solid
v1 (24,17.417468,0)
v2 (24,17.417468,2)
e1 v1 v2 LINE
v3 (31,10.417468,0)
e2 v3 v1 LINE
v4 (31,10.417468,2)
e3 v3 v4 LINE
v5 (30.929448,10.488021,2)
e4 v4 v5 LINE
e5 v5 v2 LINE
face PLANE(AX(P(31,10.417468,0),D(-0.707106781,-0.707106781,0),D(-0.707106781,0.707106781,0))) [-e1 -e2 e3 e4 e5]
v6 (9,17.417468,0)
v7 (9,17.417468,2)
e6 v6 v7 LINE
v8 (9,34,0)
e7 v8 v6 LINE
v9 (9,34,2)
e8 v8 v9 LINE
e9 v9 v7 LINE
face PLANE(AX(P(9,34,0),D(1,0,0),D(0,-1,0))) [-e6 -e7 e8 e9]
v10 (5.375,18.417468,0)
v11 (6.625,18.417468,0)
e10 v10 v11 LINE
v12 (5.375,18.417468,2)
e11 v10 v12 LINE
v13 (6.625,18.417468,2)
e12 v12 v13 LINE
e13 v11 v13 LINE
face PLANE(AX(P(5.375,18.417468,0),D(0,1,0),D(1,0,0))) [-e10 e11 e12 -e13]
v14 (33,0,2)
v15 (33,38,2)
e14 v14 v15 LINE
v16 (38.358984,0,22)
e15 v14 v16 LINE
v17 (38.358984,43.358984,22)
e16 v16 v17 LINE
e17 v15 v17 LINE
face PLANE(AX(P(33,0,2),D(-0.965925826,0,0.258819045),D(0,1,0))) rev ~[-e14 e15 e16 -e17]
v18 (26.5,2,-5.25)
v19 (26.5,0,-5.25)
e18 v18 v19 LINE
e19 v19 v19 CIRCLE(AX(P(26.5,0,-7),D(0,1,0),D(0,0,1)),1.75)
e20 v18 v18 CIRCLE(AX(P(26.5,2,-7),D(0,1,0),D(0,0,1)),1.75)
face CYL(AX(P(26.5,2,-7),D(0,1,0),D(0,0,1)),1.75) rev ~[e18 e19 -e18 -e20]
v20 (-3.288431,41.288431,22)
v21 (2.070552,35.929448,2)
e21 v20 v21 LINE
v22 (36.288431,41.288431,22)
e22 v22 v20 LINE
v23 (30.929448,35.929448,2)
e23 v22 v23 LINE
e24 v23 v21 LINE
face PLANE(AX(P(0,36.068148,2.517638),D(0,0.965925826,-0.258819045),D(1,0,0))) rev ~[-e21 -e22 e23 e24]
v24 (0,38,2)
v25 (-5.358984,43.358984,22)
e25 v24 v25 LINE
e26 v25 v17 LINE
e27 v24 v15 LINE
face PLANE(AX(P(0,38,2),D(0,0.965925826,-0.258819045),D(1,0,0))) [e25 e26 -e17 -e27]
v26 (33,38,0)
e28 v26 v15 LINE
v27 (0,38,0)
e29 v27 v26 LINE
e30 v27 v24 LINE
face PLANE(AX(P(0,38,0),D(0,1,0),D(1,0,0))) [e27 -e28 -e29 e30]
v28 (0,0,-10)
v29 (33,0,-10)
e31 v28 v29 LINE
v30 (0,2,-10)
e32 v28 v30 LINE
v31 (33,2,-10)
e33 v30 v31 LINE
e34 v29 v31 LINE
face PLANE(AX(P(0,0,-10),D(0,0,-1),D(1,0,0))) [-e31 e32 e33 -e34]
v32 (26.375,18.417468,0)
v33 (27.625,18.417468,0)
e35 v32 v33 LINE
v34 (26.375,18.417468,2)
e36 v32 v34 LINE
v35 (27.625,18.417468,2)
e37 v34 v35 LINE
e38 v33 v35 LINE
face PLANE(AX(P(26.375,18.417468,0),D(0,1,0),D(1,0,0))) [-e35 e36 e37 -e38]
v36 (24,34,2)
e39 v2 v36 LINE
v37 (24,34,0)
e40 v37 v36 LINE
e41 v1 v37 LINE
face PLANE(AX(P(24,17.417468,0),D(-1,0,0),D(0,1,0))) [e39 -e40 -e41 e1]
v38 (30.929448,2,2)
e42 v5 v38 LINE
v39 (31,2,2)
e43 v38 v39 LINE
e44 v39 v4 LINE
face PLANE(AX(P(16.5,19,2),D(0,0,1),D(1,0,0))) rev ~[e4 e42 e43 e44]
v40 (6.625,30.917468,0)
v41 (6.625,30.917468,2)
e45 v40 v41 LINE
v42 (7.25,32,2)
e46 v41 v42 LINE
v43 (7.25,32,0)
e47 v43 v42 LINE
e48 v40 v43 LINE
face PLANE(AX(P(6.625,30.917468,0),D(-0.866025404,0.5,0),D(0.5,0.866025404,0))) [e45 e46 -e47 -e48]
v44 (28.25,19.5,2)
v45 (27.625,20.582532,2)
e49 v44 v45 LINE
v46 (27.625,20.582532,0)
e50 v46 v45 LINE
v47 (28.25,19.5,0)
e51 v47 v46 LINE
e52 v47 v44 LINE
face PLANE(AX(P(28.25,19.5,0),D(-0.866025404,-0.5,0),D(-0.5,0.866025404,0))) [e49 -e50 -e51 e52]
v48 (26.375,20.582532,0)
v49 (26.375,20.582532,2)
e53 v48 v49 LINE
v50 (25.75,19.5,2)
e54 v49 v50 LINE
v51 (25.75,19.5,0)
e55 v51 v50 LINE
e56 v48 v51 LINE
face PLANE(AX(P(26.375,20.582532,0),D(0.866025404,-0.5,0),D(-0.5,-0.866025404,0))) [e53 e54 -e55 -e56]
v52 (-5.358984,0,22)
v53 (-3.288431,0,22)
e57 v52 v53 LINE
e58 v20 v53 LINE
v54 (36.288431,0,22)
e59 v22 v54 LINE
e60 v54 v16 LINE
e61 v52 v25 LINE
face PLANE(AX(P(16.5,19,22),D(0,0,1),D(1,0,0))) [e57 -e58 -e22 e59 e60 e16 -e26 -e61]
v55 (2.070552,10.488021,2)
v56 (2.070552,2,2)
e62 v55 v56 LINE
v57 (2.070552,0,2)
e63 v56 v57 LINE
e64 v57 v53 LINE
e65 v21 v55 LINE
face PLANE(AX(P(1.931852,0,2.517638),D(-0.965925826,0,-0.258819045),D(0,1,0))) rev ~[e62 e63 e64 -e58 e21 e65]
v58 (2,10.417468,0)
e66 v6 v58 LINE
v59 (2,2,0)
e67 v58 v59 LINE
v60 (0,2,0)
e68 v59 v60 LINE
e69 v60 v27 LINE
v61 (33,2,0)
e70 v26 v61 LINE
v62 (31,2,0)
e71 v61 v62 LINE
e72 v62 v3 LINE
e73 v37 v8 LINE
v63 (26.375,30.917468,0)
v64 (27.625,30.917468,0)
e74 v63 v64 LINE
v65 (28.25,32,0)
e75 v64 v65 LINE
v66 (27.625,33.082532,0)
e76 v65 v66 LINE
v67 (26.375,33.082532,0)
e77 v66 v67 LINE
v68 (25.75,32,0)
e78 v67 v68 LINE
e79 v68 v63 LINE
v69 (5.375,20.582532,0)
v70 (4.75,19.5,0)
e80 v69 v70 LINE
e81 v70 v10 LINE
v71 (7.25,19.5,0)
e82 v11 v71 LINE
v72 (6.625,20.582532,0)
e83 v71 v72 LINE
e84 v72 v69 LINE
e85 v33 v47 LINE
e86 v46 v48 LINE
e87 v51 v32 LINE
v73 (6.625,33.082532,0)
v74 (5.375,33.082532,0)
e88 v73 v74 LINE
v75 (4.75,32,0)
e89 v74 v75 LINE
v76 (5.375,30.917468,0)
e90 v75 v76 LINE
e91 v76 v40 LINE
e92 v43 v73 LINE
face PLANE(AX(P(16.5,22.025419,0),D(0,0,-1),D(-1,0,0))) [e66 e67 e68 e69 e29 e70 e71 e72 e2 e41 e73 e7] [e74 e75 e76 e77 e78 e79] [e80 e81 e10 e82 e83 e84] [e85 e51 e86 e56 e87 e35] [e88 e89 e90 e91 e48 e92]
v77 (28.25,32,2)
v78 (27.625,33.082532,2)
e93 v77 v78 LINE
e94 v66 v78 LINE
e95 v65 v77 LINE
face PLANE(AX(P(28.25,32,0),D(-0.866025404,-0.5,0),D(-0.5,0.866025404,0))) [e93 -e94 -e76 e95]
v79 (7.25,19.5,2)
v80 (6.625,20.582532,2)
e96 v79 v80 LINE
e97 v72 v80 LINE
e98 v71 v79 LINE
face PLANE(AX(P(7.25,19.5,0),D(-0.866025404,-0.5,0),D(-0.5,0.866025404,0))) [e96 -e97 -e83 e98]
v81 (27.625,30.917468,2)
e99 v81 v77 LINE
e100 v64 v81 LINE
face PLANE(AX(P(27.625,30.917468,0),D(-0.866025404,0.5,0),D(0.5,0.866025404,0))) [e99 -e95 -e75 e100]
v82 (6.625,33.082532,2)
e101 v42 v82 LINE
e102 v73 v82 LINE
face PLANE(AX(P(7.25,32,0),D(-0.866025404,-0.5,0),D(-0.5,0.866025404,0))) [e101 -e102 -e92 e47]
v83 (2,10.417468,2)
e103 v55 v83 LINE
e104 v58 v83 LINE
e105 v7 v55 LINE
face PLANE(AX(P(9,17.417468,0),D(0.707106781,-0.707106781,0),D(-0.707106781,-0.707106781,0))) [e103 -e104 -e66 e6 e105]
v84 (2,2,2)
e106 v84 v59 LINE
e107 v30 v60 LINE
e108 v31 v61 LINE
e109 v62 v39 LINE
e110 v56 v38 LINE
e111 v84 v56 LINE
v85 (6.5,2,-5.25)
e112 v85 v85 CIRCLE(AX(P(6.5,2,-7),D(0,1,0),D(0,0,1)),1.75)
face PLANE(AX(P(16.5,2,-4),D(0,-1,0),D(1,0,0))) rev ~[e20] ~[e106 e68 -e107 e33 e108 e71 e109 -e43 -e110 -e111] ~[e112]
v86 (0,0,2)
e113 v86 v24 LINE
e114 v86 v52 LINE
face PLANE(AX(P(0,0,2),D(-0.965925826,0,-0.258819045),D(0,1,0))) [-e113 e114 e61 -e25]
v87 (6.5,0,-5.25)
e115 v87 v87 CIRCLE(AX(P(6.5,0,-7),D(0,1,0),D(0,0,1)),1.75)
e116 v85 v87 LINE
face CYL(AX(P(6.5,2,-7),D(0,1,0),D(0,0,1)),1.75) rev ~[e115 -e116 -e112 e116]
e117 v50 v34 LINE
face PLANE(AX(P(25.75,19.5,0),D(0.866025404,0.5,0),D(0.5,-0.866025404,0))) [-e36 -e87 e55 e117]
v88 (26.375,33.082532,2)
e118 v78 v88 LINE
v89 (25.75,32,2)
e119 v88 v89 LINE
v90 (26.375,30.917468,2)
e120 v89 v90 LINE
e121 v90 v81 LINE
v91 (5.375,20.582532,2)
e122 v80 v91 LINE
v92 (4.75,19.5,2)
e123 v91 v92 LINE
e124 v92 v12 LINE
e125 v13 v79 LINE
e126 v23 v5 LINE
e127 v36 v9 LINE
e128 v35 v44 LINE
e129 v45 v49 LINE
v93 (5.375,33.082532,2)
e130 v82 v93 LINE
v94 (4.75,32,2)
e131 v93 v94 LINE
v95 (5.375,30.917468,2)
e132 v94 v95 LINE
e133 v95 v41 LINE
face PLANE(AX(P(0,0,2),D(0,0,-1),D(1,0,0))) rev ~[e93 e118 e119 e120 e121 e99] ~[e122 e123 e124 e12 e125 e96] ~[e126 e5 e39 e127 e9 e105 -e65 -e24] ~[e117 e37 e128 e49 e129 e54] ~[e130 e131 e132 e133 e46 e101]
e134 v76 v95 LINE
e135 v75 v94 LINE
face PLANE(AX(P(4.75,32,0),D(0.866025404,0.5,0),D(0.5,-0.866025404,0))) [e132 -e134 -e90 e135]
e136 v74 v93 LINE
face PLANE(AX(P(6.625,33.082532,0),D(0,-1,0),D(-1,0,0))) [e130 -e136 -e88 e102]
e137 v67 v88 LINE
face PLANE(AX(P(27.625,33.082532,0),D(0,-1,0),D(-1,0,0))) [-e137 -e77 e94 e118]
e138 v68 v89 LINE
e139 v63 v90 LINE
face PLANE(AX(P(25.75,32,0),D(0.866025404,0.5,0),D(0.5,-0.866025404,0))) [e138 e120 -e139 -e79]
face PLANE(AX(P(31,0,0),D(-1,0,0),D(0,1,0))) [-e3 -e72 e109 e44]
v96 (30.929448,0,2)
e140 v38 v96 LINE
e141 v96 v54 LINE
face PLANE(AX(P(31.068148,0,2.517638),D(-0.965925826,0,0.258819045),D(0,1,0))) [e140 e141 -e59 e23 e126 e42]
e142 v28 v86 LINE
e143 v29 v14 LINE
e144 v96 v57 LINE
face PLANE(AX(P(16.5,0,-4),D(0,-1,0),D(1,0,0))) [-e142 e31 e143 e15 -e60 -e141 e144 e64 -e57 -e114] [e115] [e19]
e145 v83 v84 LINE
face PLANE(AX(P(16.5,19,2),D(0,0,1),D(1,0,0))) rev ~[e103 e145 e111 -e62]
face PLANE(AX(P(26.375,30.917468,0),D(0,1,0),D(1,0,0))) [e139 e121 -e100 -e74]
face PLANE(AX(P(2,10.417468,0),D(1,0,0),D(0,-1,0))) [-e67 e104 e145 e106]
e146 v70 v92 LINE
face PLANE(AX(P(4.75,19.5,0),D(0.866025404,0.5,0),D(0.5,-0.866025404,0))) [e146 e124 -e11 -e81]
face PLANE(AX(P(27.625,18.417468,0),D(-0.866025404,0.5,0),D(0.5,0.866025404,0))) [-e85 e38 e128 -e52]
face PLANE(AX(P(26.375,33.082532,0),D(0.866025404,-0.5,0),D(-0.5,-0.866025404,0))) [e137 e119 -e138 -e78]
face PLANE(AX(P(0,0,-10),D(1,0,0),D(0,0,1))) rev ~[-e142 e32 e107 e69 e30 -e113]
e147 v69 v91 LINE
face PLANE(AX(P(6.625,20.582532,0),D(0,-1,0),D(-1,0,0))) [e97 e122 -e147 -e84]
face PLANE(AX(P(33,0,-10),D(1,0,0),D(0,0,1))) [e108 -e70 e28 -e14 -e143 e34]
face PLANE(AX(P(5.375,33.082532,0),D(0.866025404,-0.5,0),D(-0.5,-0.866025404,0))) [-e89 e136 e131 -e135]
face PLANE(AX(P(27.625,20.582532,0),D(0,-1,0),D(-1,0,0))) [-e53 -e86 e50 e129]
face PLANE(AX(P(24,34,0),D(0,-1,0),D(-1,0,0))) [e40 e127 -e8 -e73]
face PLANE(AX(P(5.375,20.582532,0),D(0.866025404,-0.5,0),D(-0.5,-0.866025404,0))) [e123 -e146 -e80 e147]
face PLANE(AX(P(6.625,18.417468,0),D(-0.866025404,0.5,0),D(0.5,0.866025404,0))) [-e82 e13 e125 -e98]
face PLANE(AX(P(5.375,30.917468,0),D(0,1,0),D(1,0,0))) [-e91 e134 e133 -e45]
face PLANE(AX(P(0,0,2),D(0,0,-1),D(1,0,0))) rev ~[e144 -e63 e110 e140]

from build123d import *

# Parameters (mm, degrees)
BOSS_EXTRUDE1_DEPTH = 2
SKETCH2_W           = 33
SKETCH2_H           = 38
BOSS_EXTRUDE2_DEPTH = 20
BOSS_EXTRUDE2_DRAFT = -15
SHELL1_T            = -2
SKETCH3_W           = 33
SKETCH3_H           = 12
BOSS_EXTRUDE3_DEPTH = 2
SKETCH4_R           = 1.75
CUT_EXTRUDE1_DEPTH  = 61.547313622
SKETCH5_W           = 43.717967698
SKETCH5_H           = 20
CUT_EXTRUDE2_DEPTH  = 62.93071227


with BuildPart() as part:
    # Sketch1 → Boss-Extrude1 (new body)
    with BuildSketch(Plane.XY):
        Polygon((0, 0), (0, 38), (33, 38), (33, 0), (31, 0), (31, 10.417468245), (24, 17.417468245), (24, 34), (9, 34), (9, 17.417468245), (2, 10.417468245), (2, 0), align=None)
        Polygon((7.25, 32), (6.625, 33.082531755), (5.375, 33.082531755), (4.75, 32), (5.375, 30.917468245), (6.625, 30.917468245), align=None, mode=Mode.SUBTRACT)
        Polygon((7.25, 19.5), (6.625, 20.582531755), (5.375, 20.582531755), (4.75, 19.5), (5.375, 18.417468245), (6.625, 18.417468245), align=None, mode=Mode.SUBTRACT)
        Polygon((25.75, 19.5), (26.375, 18.417468245), (27.625, 18.417468245), (28.25, 19.5), (27.625, 20.582531755), (26.375, 20.582531755), align=None, mode=Mode.SUBTRACT)
        Polygon((28.25, 32), (27.625, 33.082531755), (26.375, 33.082531755), (25.75, 32), (26.375, 30.917468245), (27.625, 30.917468245), align=None, mode=Mode.SUBTRACT)
    extrude(amount=BOSS_EXTRUDE1_DEPTH)

    # Sketch3 → Boss-Extrude3 (add)
    with BuildSketch(Plane.XZ):
        with Locations((16.5, -4)):
            Rectangle(SKETCH3_W, SKETCH3_H)
    extrude(amount=-BOSS_EXTRUDE3_DEPTH)

    # Sketch4 → Cut-Extrude1 (cut, through all)
    with BuildSketch(Plane(origin=(0, 2, 0), x_dir=(1, 0, 0), z_dir=(0, 1, 0))):
        with Locations((26.5, 7)):
            Circle(SKETCH4_R)
        with Locations((6.5, 7)):
            Circle(SKETCH4_R)
    extrude(amount=-CUT_EXTRUDE1_DEPTH, mode=Mode.SUBTRACT)


with BuildPart() as body_2:
    # Sketch2 → Boss-Extrude2 (with draft: the straight prism first)
    with BuildSketch(Plane.XY.offset(2)):
        with Locations((16.5, 19)):
            Rectangle(SKETCH2_W, SKETCH2_H)
    extrude(amount=BOSS_EXTRUDE2_DEPTH)
    # Boss-Extrude2: the draft: its side faces are tilted about the plane it starts from
    boss_extrude2_sides = [body_2.faces().sort_by_distance(p)[0] for p in [
        (33, 19, 12),
        (16.5, 38, 12),
        (0, 19, 12),
        (16.5, 0, 12),
    ]]
    draft(boss_extrude2_sides, Plane.XY.offset(2), BOSS_EXTRUDE2_DRAFT)

    # Shell1
    shell1_openings = [body_2.faces().sort_by_distance(p)[0] for p in [
        (16.5, -2.804272376, 12.465686984),
        (16.5, 19, 22),
        (16.5, 19, 2),
    ]]
    offset(amount=SHELL1_T, openings=shell1_openings, kind=Kind.INTERSECTION)

    # Sketch5 → Cut-Extrude2 (cut, through all)
    with BuildSketch(Plane.XZ):
        with Locations((16.5, 12)):
            Rectangle(SKETCH5_W, SKETCH5_H)
    extrude(amount=CUT_EXTRUDE2_DEPTH, mode=Mode.SUBTRACT)

    # Combine1: union part
    add(part.part)


solid = body_2.part
